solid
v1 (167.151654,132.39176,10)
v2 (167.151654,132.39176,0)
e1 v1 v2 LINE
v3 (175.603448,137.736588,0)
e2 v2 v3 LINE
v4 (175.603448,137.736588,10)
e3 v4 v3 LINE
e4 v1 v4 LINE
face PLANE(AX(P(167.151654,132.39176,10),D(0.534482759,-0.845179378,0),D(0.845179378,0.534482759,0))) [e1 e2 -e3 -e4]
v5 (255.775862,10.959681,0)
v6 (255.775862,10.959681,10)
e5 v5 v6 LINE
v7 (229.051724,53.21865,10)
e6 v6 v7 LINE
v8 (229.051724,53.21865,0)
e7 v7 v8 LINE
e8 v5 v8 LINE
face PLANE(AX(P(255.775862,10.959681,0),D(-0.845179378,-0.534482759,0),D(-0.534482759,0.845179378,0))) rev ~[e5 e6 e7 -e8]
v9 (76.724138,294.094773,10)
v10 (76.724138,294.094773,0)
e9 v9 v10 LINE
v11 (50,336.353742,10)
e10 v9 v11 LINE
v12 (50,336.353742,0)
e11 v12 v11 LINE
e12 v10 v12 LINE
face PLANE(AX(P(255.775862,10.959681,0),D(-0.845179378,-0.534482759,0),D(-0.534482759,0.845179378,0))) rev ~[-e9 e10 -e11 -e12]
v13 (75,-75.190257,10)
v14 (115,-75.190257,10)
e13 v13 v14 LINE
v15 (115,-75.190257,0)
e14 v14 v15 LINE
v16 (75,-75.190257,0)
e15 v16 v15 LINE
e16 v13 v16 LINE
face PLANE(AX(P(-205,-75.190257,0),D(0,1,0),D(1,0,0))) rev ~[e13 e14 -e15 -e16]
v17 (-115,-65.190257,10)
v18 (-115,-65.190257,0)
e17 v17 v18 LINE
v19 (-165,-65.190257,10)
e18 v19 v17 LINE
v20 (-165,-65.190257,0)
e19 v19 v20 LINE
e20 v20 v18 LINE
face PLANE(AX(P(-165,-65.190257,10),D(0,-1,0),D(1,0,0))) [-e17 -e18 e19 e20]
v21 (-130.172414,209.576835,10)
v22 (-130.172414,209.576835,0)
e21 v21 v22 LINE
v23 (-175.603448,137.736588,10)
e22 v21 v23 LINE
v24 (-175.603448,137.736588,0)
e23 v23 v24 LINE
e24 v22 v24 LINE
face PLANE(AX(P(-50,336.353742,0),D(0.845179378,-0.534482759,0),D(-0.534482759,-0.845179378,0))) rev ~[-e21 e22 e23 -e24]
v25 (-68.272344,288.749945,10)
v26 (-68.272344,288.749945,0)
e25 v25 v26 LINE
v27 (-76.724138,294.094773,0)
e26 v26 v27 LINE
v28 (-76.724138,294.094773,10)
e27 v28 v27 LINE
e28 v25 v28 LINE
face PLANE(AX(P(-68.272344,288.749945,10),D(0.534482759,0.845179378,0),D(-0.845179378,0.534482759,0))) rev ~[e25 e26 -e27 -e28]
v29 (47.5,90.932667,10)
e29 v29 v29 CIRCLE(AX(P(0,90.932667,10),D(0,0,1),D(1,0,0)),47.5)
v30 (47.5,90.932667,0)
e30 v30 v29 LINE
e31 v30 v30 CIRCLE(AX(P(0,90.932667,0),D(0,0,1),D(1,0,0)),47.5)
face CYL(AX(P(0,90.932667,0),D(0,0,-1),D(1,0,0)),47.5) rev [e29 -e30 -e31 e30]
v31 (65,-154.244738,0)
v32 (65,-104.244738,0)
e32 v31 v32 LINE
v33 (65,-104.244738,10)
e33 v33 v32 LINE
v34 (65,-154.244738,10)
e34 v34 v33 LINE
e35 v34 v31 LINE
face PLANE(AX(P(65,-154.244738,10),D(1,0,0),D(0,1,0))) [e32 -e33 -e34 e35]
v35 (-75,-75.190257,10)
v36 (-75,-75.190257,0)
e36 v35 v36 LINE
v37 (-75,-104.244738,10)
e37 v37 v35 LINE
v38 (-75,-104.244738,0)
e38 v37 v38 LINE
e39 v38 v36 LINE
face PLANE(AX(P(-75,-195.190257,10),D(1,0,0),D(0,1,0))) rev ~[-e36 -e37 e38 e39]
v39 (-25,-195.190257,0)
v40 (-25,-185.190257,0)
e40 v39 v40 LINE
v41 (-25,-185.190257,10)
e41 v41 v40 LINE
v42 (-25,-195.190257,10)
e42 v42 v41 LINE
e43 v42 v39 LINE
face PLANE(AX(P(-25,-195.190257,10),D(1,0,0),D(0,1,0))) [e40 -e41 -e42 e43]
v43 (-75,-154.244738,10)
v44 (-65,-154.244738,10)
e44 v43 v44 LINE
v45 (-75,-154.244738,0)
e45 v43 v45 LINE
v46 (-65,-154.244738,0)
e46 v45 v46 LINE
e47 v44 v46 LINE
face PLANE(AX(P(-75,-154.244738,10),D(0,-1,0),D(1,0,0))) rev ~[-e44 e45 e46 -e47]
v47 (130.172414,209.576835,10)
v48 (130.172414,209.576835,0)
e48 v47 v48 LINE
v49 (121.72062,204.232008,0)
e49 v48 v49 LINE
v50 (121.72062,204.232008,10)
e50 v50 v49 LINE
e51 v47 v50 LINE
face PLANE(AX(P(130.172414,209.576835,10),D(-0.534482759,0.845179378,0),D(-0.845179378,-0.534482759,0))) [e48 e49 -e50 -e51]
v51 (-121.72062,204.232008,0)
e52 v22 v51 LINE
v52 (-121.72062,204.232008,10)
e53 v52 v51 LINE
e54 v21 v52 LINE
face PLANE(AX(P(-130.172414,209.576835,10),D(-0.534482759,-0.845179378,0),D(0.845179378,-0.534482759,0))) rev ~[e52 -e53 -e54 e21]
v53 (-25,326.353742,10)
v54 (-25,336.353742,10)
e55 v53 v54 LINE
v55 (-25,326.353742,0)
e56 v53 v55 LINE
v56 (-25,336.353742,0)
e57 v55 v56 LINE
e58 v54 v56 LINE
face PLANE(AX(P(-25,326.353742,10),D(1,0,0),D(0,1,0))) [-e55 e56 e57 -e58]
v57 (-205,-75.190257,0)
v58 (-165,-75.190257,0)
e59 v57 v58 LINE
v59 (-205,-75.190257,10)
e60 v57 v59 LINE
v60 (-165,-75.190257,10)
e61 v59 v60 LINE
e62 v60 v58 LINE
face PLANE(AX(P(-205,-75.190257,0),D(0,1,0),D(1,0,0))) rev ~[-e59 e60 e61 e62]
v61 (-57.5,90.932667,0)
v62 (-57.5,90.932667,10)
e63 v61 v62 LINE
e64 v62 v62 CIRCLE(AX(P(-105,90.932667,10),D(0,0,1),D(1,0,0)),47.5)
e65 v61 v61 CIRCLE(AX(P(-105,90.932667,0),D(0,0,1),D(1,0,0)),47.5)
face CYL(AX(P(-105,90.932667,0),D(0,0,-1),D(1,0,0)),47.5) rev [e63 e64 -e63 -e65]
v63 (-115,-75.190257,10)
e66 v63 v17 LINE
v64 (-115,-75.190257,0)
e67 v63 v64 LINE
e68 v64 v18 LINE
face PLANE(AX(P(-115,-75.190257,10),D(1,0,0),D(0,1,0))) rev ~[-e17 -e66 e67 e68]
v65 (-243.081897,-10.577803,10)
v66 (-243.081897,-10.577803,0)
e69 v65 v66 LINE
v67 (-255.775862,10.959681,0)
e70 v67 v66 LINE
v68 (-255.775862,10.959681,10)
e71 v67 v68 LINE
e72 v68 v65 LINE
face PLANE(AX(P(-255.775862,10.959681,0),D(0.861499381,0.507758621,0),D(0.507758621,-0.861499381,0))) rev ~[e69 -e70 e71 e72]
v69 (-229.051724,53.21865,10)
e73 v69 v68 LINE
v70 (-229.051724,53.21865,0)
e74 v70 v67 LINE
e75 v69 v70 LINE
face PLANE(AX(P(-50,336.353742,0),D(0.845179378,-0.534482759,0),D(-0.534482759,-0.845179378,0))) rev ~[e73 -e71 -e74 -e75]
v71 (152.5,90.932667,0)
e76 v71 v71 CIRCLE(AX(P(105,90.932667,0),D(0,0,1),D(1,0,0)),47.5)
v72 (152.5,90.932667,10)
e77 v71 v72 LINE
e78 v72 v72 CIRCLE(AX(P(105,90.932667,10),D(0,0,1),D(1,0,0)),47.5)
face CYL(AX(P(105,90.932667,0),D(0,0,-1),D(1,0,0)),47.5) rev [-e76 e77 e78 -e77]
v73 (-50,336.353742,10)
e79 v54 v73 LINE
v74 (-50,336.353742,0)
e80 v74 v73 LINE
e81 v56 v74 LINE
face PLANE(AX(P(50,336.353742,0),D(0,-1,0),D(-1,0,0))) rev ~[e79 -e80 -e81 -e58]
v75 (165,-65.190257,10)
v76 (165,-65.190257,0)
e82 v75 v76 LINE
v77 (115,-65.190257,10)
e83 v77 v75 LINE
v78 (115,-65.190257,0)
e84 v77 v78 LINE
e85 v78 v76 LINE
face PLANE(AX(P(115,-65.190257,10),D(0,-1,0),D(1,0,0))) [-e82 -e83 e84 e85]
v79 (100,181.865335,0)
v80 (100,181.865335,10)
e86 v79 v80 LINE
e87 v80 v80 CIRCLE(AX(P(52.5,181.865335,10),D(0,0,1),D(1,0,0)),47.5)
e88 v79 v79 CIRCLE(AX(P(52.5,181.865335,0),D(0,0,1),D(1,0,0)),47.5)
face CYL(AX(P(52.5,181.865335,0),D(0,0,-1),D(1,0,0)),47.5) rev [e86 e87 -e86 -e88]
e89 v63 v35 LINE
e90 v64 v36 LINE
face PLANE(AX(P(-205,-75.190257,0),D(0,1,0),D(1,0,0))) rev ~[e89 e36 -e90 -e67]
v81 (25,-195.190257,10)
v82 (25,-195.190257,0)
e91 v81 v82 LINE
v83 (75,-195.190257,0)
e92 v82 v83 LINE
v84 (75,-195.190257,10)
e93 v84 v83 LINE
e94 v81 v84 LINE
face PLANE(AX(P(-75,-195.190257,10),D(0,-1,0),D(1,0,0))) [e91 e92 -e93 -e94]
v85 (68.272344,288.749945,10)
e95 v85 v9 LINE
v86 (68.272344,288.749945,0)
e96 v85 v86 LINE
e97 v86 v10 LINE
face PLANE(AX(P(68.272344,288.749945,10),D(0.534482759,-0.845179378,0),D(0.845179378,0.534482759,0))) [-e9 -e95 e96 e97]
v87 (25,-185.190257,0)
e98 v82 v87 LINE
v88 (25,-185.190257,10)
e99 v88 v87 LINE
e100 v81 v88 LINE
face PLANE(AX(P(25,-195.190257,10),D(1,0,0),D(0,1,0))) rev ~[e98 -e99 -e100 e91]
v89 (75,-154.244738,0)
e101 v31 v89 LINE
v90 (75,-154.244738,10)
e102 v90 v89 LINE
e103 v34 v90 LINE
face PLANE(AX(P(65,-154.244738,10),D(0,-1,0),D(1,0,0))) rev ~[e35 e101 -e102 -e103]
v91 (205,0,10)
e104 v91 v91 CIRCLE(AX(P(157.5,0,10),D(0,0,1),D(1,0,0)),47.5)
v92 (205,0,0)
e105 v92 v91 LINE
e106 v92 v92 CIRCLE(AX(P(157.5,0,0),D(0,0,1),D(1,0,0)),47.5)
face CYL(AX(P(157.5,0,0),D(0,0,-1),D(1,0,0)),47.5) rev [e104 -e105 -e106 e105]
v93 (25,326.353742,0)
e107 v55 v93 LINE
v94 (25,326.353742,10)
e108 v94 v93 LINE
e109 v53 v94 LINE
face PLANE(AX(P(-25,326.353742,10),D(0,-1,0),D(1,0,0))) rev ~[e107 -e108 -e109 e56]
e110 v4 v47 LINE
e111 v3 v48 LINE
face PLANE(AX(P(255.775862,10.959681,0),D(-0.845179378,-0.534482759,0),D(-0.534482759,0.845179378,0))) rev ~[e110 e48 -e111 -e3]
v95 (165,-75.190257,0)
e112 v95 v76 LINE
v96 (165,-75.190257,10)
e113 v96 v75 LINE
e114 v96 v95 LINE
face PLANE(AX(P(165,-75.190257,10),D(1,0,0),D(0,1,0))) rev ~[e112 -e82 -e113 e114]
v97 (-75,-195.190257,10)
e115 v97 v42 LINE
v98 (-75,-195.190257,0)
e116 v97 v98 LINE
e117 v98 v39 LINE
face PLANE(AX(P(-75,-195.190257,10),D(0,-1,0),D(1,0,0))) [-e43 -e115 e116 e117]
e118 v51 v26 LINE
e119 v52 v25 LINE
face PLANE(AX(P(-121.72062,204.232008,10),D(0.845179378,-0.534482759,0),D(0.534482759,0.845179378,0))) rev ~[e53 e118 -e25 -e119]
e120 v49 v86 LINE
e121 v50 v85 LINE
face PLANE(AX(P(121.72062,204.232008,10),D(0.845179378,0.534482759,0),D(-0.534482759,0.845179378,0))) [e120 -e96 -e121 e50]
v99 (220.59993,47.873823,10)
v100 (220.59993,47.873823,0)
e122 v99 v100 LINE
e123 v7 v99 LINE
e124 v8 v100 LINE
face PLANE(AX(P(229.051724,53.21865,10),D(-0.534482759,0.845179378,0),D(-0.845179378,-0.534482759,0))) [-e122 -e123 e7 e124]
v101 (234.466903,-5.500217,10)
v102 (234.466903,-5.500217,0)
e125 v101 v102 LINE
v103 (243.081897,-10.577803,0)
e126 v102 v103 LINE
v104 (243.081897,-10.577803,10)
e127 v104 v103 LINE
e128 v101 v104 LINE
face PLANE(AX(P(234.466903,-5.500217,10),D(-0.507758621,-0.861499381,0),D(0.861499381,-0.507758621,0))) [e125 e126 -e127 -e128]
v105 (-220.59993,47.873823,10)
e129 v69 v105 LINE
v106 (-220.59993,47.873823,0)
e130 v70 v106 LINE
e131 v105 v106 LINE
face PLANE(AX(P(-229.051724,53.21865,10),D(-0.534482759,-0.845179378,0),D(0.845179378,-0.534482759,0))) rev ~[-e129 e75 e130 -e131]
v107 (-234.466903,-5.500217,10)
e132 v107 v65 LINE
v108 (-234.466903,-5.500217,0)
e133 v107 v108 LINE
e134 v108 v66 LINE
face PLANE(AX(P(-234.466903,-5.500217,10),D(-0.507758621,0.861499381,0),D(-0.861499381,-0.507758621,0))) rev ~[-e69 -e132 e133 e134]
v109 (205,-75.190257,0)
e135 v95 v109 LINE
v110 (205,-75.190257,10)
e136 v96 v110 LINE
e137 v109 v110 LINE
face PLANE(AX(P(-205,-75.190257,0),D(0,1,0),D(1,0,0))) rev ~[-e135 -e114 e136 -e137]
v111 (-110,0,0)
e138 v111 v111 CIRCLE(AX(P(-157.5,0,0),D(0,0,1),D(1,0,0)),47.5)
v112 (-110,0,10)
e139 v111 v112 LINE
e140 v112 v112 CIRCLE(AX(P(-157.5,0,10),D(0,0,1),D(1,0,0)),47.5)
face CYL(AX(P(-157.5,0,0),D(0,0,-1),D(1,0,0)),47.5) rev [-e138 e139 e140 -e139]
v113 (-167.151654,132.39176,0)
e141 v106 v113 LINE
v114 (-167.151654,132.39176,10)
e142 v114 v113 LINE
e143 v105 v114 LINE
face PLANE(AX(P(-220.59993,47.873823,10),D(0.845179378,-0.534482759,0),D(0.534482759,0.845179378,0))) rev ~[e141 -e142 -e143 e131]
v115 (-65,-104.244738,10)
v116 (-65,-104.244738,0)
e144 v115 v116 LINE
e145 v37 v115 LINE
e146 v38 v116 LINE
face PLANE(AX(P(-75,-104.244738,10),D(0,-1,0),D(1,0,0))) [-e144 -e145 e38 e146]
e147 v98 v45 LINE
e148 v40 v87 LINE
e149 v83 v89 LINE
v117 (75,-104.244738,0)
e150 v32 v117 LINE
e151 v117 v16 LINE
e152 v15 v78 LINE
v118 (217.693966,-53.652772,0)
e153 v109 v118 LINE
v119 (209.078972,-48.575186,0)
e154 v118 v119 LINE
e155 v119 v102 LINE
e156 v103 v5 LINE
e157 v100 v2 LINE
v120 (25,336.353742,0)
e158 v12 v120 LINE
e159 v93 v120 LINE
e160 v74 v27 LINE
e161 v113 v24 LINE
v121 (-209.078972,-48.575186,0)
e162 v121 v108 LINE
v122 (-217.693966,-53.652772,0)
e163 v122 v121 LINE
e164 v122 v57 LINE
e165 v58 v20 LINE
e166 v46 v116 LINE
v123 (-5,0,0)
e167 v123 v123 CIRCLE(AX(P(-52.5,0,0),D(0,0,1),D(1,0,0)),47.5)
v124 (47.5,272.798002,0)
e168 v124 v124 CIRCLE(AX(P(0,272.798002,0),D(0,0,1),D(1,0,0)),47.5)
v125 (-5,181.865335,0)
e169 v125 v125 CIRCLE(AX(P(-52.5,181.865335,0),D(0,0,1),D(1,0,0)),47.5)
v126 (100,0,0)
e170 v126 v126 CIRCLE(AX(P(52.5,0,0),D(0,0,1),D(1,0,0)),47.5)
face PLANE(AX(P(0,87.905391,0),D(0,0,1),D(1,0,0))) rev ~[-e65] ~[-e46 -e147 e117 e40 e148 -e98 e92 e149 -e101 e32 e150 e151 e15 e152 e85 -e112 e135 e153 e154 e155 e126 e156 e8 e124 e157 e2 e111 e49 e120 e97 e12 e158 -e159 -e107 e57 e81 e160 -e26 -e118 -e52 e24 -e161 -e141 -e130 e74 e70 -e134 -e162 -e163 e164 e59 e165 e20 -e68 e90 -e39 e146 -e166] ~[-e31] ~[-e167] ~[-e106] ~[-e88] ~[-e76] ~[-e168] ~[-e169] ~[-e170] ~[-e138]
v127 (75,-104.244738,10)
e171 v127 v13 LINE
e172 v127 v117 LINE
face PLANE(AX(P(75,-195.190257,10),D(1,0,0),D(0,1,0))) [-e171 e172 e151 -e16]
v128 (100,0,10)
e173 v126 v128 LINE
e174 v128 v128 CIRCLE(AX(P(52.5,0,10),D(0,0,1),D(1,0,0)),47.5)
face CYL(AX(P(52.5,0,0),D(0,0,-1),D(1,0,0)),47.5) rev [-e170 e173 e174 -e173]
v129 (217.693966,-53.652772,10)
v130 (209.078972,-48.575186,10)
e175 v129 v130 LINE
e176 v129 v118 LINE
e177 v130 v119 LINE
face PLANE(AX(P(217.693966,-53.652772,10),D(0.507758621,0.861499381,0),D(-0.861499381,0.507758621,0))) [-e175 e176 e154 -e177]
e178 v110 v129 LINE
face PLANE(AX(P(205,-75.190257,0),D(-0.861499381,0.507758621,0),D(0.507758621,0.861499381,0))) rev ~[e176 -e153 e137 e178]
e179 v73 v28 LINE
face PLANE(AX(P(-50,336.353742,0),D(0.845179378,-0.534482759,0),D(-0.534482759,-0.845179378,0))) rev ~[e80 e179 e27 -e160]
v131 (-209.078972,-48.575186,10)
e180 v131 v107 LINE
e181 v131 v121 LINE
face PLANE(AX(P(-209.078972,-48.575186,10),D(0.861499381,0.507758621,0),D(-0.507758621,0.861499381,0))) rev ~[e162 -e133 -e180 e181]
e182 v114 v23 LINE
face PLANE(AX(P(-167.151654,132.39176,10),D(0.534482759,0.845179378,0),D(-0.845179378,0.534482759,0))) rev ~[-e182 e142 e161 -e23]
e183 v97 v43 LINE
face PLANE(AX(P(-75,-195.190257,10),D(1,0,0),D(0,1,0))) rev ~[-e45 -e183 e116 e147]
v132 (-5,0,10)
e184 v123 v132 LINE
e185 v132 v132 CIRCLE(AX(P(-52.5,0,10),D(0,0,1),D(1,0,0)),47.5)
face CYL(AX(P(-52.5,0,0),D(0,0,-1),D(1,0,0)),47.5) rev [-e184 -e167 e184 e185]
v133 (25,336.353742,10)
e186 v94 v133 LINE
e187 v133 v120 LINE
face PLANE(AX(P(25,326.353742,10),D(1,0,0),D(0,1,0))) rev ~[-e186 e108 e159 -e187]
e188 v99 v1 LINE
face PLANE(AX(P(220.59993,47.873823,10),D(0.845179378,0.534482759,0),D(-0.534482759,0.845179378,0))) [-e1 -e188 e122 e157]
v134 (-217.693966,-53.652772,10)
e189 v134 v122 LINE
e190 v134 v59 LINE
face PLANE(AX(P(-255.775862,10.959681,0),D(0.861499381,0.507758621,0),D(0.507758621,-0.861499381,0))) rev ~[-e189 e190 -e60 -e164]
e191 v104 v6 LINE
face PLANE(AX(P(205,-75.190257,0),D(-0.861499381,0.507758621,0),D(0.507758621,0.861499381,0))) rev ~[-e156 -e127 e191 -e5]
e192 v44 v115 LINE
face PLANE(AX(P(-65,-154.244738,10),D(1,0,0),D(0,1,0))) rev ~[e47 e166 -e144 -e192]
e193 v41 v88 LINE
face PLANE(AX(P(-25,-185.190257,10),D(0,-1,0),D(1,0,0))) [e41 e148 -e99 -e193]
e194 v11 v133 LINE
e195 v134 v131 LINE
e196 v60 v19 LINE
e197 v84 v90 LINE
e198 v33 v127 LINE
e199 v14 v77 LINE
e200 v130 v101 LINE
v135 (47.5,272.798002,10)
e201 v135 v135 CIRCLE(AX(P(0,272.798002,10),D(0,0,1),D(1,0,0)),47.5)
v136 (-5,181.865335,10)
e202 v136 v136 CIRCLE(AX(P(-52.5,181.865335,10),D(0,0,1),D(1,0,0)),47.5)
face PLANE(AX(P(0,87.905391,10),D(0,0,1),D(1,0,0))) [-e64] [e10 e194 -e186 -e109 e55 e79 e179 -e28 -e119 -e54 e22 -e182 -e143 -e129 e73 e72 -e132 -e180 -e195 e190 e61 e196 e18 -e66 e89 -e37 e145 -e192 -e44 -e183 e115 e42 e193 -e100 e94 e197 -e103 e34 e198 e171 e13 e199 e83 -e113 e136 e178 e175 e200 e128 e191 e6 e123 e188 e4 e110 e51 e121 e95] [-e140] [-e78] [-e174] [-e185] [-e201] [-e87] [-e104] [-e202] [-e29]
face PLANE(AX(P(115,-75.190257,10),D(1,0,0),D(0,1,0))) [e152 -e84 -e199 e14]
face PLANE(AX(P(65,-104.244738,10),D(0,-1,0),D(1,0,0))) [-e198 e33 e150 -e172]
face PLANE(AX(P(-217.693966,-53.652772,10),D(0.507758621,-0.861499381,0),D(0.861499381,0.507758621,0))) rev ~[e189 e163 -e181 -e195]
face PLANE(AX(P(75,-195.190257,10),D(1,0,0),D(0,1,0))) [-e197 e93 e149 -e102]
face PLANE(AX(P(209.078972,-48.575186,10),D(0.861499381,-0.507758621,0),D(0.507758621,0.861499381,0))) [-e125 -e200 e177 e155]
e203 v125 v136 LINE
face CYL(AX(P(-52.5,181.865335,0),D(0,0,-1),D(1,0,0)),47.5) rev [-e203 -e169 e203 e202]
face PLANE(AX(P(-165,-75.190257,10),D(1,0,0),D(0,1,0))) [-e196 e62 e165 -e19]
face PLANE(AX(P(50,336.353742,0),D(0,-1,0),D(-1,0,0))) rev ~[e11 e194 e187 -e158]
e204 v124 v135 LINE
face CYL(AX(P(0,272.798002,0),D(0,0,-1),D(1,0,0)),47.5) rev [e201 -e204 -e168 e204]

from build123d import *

# Parameters (mm, degrees)
ESQUISSE1_R             = 47.5
BOSS_EXTRU_1_DEPTH      = 10
ESQUISSE9_W             = 150
ESQUISSE9_H             = 120
BOSS_EXTRU_2_DEPTH      = 10
ESQUISSE10_W            = 10
ESQUISSE10_H            = 50
ESQUISSE10_W_2          = 50
ESQUISSE10_H_2          = 10
ENL_V_MAT_EXTRU_1_DEPTH = 10


with BuildPart() as part:
    # Esquisse1 → Boss.-Extru.1 (new body)
    with BuildSketch(Plane.XY):
        Polygon((-255.775862069, 10.959681362), (-205, -75.190256718), (205, -75.190256718), (255.775862069, 10.959681362), (50, 336.353741833), (-50, 336.353741833), align=None)
        with Locations((-157.5, 0)):
            Circle(ESQUISSE1_R, mode=Mode.SUBTRACT)
        with Locations((-52.5, 0)):
            Circle(ESQUISSE1_R, mode=Mode.SUBTRACT)
        with Locations((52.5, 0)):
            Circle(ESQUISSE1_R, mode=Mode.SUBTRACT)
        with Locations((157.5, 0)):
            Circle(ESQUISSE1_R, mode=Mode.SUBTRACT)
        with Locations((-105, 90.932667397)):
            Circle(ESQUISSE1_R, mode=Mode.SUBTRACT)
        with Locations((0, 90.932667397)):
            Circle(ESQUISSE1_R, mode=Mode.SUBTRACT)
        with Locations((105, 90.932667397)):
            Circle(ESQUISSE1_R, mode=Mode.SUBTRACT)
        with Locations((-52.5, 181.865334795)):
            Circle(ESQUISSE1_R, mode=Mode.SUBTRACT)
        with Locations((52.5, 181.865334795)):
            Circle(ESQUISSE1_R, mode=Mode.SUBTRACT)
        with Locations((0, 272.798002192)):
            Circle(ESQUISSE1_R, mode=Mode.SUBTRACT)
    extrude(amount=BOSS_EXTRU_1_DEPTH)

    # Esquisse9 → Boss.-Extru.2 (add)
    with BuildSketch(Plane.XY.offset(10)):
        with Locations((0, -135.190256718)):
            Rectangle(ESQUISSE9_W, ESQUISSE9_H)
    extrude(amount=-BOSS_EXTRU_2_DEPTH)

    # Esquisse10 → Enlèv. mat.-Extru.1 (cut)
    with BuildSketch(Plane.XY.offset(10)):
        with Locations((-70, -129.244737692)):
            Rectangle(ESQUISSE10_W, ESQUISSE10_H)
        with Locations((0, -190.190256718)):
            Rectangle(ESQUISSE10_W_2, ESQUISSE10_H_2)
        with Locations((-140, -70.190256718)):
            Rectangle(ESQUISSE10_W_2, ESQUISSE10_H_2)
        Polygon((-217.693965517, -53.652772198), (-209.078971709, -48.575185991), (-234.466902744, -5.500216951), (-243.081896552, -10.577803158), align=None)
        Polygon((-229.051724138, 53.218650255), (-220.599930359, 47.873822668), (-167.151654497, 132.391760453), (-175.603448276, 137.736588039), align=None)
        Polygon((-130.172413793, 209.576835156), (-121.720620015, 204.23200757), (-68.272344153, 288.749945355), (-76.724137931, 294.094772941), align=None)
        with Locations((0, 331.353741833)):
            Rectangle(ESQUISSE10_W_2, ESQUISSE10_H_2)
        Polygon((68.272344153, 288.749945355), (76.724137931, 294.094772941), (130.172413793, 209.576835156), (121.720620015, 204.23200757), align=None)
        Polygon((167.151654497, 132.391760453), (175.603448276, 137.736588039), (229.051724138, 53.218650255), (220.599930359, 47.873822668), align=None)
        Polygon((234.466902744, -5.500216951), (243.081896552, -10.577803158), (217.693965517, -53.652772198), (209.078971709, -48.575185991), align=None)
        with Locations((140, -70.190256718)):
            Rectangle(ESQUISSE10_W_2, ESQUISSE10_H_2)
        with Locations((70, -129.244737692)):
            Rectangle(ESQUISSE10_W, ESQUISSE10_H)
    extrude(amount=-ENL_V_MAT_EXTRU_1_DEPTH, mode=Mode.SUBTRACT)


solid = part.part
